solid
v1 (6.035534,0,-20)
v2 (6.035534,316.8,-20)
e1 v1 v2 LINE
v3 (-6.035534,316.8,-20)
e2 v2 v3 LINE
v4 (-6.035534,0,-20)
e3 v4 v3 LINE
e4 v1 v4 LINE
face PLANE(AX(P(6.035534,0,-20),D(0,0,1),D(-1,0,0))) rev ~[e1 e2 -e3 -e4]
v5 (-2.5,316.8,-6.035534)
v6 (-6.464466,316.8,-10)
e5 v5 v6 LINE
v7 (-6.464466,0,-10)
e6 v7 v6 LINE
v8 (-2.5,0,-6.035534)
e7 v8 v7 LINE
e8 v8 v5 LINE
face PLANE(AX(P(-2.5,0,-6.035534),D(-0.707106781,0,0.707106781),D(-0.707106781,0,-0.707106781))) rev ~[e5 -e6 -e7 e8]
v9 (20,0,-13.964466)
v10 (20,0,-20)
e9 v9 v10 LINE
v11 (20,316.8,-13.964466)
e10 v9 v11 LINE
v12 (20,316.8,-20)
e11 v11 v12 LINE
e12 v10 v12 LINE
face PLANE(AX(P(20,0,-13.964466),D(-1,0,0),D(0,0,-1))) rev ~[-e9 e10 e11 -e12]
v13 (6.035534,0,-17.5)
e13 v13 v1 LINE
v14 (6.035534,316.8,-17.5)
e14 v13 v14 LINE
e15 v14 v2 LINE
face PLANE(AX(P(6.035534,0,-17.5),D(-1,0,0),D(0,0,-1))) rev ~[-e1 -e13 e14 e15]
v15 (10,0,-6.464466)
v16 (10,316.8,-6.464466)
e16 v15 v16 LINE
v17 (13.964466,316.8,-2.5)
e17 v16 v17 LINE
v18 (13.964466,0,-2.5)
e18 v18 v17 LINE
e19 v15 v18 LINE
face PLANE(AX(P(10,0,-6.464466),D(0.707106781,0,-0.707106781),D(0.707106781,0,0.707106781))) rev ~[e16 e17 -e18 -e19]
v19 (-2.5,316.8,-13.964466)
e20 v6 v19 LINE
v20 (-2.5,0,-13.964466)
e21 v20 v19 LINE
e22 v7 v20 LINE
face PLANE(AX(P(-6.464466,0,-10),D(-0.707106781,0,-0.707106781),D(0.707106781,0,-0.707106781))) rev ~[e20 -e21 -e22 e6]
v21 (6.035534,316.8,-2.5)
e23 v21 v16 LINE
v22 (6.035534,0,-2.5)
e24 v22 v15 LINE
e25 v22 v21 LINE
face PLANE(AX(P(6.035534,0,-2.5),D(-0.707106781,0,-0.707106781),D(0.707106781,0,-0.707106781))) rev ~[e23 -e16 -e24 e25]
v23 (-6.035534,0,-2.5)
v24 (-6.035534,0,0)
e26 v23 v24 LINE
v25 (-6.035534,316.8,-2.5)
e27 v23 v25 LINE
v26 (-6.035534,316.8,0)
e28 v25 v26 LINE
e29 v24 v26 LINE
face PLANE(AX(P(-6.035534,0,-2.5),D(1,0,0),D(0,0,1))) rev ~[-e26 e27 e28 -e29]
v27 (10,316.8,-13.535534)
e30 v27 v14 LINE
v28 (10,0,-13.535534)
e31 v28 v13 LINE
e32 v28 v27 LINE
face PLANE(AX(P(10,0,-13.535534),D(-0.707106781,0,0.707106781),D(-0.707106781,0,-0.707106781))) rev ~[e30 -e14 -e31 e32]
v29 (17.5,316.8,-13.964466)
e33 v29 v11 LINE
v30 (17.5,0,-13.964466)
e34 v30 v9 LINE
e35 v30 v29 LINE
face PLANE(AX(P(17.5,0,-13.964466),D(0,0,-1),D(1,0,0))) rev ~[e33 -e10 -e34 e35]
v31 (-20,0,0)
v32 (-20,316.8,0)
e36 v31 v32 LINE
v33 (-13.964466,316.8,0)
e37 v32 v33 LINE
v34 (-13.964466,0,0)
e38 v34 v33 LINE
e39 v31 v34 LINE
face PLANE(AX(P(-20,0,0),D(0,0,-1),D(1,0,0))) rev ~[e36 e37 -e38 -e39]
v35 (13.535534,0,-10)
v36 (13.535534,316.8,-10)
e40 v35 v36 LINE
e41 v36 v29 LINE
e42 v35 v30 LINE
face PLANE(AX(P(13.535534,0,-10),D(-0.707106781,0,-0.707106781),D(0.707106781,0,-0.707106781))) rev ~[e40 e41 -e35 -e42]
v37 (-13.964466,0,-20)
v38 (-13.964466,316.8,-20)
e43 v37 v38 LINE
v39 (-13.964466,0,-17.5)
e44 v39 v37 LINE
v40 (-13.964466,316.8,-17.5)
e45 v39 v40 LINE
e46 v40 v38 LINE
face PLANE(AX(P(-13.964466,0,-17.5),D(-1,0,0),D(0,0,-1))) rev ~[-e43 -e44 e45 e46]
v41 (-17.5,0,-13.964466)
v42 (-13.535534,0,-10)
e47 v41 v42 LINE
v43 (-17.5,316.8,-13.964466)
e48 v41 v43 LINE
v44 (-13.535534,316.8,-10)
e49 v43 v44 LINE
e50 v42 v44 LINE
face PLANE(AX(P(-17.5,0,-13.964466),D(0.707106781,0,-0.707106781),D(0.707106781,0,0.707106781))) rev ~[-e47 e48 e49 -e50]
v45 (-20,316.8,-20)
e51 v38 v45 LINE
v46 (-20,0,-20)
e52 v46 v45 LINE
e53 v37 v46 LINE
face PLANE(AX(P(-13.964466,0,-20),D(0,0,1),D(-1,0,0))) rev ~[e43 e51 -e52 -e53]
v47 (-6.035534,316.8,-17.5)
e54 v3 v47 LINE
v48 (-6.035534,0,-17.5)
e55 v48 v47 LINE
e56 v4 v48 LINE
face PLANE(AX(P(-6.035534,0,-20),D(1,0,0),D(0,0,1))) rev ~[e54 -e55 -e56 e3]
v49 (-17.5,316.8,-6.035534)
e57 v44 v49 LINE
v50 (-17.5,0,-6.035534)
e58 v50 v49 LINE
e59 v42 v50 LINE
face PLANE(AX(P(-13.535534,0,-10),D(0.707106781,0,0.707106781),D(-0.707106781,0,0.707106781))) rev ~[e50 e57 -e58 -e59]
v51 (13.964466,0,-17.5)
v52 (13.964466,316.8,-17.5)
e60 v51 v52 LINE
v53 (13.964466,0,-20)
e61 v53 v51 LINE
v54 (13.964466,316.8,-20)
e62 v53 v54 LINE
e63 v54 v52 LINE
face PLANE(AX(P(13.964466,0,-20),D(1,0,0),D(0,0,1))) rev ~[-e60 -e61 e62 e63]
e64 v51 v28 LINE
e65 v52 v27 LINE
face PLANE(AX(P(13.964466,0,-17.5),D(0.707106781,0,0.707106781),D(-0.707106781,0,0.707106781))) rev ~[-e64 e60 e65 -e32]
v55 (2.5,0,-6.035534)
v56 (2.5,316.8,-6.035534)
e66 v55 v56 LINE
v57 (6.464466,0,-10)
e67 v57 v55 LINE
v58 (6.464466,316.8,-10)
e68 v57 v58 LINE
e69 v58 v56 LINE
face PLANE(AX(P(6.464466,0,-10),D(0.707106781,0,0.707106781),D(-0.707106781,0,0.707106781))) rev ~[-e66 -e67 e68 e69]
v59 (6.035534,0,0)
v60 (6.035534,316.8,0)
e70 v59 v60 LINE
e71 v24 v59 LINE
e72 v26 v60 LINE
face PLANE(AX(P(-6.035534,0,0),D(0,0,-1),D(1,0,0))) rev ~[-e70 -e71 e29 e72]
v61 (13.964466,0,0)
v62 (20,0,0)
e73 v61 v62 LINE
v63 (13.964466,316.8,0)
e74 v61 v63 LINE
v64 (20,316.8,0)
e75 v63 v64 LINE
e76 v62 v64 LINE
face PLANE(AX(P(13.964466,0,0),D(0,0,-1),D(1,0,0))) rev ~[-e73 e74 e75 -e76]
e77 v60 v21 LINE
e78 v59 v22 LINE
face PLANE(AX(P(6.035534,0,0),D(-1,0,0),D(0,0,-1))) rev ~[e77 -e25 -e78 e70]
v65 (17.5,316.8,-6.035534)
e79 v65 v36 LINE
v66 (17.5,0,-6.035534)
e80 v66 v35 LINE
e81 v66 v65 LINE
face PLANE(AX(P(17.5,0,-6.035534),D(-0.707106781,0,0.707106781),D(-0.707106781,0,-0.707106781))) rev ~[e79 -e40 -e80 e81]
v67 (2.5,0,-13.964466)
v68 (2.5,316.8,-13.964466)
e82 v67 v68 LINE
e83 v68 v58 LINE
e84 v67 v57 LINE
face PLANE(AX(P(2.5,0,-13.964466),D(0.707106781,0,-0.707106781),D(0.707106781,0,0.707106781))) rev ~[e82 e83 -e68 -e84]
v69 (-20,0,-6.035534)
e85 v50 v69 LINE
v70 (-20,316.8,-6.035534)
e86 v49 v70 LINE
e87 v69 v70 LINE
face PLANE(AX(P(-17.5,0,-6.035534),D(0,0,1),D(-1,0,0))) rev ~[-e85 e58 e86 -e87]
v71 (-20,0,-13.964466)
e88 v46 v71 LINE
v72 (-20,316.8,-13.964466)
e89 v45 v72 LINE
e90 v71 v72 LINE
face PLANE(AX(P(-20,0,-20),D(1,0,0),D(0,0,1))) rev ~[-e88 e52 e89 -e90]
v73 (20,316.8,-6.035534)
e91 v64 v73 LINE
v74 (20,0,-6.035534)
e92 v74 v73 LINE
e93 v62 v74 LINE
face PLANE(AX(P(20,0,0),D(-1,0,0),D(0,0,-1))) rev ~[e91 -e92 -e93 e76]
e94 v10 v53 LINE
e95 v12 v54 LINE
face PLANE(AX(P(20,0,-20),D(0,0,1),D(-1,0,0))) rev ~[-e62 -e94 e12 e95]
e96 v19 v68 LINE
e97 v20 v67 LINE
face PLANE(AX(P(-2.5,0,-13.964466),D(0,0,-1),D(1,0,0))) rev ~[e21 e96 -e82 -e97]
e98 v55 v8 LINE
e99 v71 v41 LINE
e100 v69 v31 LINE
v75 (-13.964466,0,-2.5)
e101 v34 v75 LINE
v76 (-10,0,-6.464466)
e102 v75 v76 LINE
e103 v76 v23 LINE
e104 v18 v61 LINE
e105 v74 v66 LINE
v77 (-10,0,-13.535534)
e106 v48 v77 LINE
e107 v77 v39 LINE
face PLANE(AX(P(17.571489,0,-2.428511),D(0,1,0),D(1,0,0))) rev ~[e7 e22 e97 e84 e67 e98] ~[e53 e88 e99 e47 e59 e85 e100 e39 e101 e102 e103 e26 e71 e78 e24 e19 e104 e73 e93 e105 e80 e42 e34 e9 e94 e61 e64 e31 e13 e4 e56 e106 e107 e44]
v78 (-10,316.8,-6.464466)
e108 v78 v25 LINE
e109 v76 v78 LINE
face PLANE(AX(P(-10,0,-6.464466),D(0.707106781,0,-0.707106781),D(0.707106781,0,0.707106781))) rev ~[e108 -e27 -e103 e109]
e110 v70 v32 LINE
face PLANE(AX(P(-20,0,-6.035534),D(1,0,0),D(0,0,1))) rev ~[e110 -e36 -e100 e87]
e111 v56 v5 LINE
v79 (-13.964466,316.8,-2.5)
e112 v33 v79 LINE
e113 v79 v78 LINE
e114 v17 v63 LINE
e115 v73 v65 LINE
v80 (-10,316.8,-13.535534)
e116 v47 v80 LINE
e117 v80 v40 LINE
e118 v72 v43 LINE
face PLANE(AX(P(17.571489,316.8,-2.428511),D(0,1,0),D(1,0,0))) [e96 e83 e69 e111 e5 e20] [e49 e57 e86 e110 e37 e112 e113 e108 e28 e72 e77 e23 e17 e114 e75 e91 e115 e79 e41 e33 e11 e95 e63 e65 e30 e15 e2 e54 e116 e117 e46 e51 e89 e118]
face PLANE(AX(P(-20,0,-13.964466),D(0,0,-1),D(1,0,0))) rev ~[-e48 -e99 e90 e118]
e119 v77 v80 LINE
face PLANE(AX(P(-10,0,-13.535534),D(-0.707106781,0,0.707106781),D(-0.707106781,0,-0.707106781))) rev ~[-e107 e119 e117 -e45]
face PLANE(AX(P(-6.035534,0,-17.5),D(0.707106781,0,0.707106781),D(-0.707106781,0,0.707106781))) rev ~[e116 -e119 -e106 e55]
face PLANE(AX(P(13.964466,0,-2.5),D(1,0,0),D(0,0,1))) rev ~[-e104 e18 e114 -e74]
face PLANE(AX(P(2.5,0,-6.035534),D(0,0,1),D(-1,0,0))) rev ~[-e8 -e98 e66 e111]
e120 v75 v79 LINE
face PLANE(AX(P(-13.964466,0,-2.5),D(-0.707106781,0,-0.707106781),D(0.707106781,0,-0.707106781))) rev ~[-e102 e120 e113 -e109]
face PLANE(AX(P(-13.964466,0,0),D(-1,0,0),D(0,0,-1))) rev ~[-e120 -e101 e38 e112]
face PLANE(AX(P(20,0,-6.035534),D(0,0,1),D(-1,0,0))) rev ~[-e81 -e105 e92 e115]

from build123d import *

# Parameters (mm, degrees)
BOSS_EXTRU_2_DEPTH = 316.8


with BuildPart() as part:
    # Esquisse1<3> → Boss.-Extru.2 (new body)
    with BuildSketch(Plane(origin=(0, 0, 0), x_dir=(1, 0, 0), z_dir=(0, 1, 0))):
        Polygon((-6.035533906, 17.5), (-10, 13.535533906), (-13.964466094, 17.5), (-13.964466094, 20), (-20, 20), (-20, 13.964466094), (-17.5, 13.964466094), (-13.535533906, 10), (-17.5, 6.035533906), (-20, 6.035533906), (-20, 0), (-13.964466094, 0), (-13.964466094, 2.5), (-10, 6.464466094), (-6.035533906, 2.5), (-6.035533906, 0), (6.035533906, 0), (6.035533906, 2.5), (10, 6.464466094), (13.964466094, 2.5), (13.964466094, 0), (20, 0), (20, 6.035533906), (17.5, 6.035533906), (13.535533906, 10), (17.5, 13.964466094), (20, 13.964466094), (20, 20), (13.964466094, 20), (13.964466094, 17.5), (10, 13.535533906), (6.035533906, 17.5), (6.035533906, 20), (-6.035533906, 20), align=None)
        Polygon((-6.464466094, 10), (-2.5, 13.964466094), (2.5, 13.964466094), (6.464466094, 10), (2.5, 6.035533906), (-2.5, 6.035533906), align=None, mode=Mode.SUBTRACT)
    extrude(amount=BOSS_EXTRU_2_DEPTH)


solid = part.part
